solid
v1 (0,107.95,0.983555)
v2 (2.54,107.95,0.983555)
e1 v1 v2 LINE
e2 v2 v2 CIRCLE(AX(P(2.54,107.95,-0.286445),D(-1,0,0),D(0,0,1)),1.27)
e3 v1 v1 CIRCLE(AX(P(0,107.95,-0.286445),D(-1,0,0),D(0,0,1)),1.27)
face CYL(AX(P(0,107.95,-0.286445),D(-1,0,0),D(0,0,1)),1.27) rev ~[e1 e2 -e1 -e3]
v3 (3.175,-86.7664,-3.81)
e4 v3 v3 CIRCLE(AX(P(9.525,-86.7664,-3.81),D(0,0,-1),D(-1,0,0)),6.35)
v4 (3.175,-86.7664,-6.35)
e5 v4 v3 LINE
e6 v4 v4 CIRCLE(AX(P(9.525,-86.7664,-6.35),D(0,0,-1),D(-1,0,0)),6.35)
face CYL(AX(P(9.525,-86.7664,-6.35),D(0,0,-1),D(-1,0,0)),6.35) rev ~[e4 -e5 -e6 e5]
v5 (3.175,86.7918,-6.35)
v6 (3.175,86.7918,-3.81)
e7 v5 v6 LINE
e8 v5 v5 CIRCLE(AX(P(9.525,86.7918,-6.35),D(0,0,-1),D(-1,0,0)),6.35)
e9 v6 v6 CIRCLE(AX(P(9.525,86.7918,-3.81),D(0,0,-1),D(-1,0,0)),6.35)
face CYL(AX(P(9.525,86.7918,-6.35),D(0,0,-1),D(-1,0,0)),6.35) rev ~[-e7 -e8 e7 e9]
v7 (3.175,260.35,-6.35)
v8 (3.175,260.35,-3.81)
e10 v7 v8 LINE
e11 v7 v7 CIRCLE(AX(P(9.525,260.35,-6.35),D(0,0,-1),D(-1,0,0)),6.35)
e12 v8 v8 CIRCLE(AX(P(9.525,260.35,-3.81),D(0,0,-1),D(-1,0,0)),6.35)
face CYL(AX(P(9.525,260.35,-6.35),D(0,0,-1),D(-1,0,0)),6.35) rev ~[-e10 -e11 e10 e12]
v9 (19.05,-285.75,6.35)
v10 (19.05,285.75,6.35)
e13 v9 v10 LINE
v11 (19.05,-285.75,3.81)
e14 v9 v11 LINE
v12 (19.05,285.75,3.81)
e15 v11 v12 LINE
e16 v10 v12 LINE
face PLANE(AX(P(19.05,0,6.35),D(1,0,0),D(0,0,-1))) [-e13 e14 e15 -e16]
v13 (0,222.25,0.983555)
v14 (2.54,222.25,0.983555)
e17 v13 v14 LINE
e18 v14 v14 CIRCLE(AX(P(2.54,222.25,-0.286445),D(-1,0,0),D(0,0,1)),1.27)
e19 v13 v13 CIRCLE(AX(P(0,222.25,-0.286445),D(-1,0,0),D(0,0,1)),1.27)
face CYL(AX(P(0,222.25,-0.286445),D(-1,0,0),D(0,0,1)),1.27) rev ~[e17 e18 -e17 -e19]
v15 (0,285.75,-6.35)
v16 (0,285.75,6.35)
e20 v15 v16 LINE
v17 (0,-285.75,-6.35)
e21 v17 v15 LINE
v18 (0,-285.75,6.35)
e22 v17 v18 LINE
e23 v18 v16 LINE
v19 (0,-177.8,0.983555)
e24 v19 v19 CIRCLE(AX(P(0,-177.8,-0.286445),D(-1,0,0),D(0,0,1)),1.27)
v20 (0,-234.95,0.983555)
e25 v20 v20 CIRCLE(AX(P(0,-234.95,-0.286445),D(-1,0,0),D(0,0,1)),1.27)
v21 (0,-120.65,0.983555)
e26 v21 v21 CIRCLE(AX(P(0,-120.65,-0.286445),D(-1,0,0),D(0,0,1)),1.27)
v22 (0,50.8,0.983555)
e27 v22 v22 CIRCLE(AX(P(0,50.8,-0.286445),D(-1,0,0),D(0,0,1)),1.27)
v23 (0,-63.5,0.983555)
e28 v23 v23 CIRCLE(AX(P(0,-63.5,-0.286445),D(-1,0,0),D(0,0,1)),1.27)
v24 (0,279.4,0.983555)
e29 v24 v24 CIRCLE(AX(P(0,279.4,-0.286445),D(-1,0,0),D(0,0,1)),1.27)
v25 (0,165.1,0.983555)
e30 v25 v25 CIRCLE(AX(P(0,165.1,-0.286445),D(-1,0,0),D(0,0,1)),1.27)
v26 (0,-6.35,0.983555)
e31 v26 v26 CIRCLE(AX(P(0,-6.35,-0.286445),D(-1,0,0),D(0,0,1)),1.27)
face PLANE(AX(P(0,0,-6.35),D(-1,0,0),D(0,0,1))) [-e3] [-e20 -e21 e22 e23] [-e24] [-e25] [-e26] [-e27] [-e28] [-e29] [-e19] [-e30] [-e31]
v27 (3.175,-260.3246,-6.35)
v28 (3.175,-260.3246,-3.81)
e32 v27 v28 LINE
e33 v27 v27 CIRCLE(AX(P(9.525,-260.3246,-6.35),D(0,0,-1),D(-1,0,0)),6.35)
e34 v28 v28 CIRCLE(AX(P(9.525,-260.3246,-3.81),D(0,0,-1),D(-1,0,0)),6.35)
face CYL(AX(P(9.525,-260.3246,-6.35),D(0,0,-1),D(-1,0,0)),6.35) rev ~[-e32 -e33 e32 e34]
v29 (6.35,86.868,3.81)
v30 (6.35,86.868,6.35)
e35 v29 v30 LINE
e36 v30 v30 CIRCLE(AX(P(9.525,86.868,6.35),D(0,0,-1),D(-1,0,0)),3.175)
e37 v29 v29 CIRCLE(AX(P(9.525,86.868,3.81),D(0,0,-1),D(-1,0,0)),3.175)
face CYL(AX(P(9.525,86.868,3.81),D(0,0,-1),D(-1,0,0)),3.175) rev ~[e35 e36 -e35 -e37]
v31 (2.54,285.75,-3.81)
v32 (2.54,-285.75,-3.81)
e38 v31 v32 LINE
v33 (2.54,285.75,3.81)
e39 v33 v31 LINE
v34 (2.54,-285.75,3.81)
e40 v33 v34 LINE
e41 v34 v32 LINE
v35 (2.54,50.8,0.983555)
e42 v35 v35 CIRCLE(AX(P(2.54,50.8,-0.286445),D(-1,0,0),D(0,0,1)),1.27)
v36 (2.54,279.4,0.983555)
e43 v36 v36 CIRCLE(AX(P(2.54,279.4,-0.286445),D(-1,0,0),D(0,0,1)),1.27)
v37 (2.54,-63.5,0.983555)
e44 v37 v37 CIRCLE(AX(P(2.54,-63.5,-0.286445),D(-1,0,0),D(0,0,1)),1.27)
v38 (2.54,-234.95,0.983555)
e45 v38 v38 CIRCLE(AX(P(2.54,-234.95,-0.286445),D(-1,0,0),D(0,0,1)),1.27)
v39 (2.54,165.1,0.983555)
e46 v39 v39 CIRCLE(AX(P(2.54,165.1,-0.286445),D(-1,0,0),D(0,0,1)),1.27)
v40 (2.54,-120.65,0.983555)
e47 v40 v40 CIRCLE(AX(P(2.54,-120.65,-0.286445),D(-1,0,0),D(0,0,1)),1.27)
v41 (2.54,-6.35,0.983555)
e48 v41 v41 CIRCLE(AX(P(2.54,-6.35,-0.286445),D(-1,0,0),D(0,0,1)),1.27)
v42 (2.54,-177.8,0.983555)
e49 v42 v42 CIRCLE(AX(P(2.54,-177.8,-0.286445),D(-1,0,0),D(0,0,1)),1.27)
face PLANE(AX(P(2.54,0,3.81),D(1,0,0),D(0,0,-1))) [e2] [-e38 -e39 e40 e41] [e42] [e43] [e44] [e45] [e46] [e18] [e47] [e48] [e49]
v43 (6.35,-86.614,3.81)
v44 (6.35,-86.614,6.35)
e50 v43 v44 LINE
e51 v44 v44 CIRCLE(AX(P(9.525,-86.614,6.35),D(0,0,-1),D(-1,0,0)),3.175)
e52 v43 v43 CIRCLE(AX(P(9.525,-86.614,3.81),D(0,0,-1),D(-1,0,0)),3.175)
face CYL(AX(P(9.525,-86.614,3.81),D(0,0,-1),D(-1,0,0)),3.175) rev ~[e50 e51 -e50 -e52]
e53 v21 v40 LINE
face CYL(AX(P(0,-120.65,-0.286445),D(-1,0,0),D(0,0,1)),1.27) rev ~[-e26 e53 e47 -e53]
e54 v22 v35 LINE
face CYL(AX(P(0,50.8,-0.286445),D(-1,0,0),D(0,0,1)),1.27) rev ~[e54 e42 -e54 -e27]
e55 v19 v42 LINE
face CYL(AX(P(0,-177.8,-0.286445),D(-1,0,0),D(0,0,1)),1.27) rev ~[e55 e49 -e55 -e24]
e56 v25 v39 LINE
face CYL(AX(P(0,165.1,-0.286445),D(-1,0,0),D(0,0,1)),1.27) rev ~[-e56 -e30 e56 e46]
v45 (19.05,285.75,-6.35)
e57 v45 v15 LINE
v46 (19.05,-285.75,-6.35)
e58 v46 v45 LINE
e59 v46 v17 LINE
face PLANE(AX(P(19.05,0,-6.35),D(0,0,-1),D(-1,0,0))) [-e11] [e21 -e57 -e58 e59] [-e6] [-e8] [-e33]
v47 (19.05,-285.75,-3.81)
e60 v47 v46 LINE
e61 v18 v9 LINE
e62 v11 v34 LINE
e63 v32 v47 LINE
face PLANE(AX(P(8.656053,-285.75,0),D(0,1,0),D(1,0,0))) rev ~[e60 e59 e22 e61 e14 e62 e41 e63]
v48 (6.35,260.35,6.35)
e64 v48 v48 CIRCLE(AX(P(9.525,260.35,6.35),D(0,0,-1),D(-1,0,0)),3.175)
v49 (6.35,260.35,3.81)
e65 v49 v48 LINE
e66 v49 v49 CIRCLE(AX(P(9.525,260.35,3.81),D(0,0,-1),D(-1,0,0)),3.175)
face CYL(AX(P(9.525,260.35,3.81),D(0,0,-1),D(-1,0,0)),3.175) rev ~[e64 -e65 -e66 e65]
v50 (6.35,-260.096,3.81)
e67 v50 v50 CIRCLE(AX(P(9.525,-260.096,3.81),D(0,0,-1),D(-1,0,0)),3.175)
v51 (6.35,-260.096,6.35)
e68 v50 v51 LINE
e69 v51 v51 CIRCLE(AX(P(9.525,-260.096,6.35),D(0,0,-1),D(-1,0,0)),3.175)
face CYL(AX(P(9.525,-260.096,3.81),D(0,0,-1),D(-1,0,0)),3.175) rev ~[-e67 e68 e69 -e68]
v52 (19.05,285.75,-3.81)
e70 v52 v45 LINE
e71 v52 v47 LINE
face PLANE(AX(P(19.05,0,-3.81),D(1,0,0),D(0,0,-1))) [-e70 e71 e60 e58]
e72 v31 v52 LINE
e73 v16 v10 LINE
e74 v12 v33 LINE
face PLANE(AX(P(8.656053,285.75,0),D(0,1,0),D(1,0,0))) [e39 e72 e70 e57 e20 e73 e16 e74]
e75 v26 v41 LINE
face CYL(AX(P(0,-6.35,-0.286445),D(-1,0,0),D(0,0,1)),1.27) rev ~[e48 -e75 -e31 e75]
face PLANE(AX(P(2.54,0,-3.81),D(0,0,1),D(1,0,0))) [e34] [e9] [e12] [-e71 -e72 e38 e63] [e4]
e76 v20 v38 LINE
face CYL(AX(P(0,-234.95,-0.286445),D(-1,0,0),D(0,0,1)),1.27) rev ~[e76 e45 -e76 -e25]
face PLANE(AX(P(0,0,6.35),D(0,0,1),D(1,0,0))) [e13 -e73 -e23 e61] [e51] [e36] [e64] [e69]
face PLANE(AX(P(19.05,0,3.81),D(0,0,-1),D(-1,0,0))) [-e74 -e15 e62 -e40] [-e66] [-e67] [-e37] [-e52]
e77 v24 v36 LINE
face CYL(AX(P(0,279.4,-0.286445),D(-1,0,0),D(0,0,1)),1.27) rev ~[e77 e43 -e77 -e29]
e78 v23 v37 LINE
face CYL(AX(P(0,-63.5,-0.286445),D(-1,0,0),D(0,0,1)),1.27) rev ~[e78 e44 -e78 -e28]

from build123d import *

# Parameters (mm, degrees)
BOSS_EXTRUDE1_DEPTH = 285.75
SKETCH2_R           = 1.27
CUT_EXTRUDE1_DEPTH  = 20.05
SKETCH4_R           = 3.175
CUT_EXTRUDE2_DEPTH  = 140.208
SKETCH5_R           = 6.35
CUT_EXTRUDE3_DEPTH  = 2.54


with BuildPart() as part:
    # Sketch1 → Boss-Extrude1 (new body, symmetric)
    with BuildSketch(Plane(origin=(0, 0, 0), x_dir=(1, 0, 0), z_dir=(0, 1, 0))):
        Polygon((19.05, 3.81), (19.05, 6.35), (0, 6.35), (0, -6.35), (19.05, -6.35), (19.05, -3.81), (2.54, -3.81), (2.54, 3.81), align=None)
    extrude(amount=BOSS_EXTRUDE1_DEPTH, both=True)

    # Sketch2 → Cut-Extrude1 (cut, through all)
    with BuildSketch(Plane.ZY):
        with Locations((-0.286445318, 279.4)):
            Circle(SKETCH2_R)
        with Locations((-0.286445318, 222.25)):
            Circle(SKETCH2_R)
        with Locations((-0.286445318, 165.1)):
            Circle(SKETCH2_R)
        with Locations((-0.286445318, 107.95)):
            Circle(SKETCH2_R)
        with Locations((-0.286445318, 50.8)):
            Circle(SKETCH2_R)
        with Locations((-0.286445318, -6.35)):
            Circle(SKETCH2_R)
        with Locations((-0.286445318, -63.5)):
            Circle(SKETCH2_R)
        with Locations((-0.286445318, -120.65)):
            Circle(SKETCH2_R)
        with Locations((-0.286445318, -177.8)):
            Circle(SKETCH2_R)
        with Locations((-0.286445318, -234.95)):
            Circle(SKETCH2_R)
    extrude(amount=-CUT_EXTRUDE1_DEPTH, mode=Mode.SUBTRACT)

    # Sketch4 → Cut-Extrude2 (cut)
    with BuildSketch(Plane(origin=(0, 0, 3.81), x_dir=(-1, 0, 0), z_dir=(0, 0, -1))):
        with Locations((-9.525, 260.35)):
            Circle(SKETCH4_R)
        with Locations((-9.525, 86.868)):
            Circle(SKETCH4_R)
        with Locations((-9.525, -86.614)):
            Circle(SKETCH4_R)
        with Locations((-9.525, -260.096)):
            Circle(SKETCH4_R)
    extrude(amount=-CUT_EXTRUDE2_DEPTH, mode=Mode.SUBTRACT)

    # Sketch5 → Cut-Extrude3 (cut)
    with BuildSketch(Plane(origin=(0, 0, -6.35), x_dir=(-1, 0, 0), z_dir=(0, 0, -1))):
        with Locations((-9.525, 260.35)):
            Circle(SKETCH5_R)
        with Locations((-9.525, 86.7918)):
            Circle(SKETCH5_R)
        with Locations((-9.525, -86.7664)):
            Circle(SKETCH5_R)
        with Locations((-9.525, -260.3246)):
            Circle(SKETCH5_R)
    extrude(amount=-CUT_EXTRUDE3_DEPTH, mode=Mode.SUBTRACT)


solid = part.part
